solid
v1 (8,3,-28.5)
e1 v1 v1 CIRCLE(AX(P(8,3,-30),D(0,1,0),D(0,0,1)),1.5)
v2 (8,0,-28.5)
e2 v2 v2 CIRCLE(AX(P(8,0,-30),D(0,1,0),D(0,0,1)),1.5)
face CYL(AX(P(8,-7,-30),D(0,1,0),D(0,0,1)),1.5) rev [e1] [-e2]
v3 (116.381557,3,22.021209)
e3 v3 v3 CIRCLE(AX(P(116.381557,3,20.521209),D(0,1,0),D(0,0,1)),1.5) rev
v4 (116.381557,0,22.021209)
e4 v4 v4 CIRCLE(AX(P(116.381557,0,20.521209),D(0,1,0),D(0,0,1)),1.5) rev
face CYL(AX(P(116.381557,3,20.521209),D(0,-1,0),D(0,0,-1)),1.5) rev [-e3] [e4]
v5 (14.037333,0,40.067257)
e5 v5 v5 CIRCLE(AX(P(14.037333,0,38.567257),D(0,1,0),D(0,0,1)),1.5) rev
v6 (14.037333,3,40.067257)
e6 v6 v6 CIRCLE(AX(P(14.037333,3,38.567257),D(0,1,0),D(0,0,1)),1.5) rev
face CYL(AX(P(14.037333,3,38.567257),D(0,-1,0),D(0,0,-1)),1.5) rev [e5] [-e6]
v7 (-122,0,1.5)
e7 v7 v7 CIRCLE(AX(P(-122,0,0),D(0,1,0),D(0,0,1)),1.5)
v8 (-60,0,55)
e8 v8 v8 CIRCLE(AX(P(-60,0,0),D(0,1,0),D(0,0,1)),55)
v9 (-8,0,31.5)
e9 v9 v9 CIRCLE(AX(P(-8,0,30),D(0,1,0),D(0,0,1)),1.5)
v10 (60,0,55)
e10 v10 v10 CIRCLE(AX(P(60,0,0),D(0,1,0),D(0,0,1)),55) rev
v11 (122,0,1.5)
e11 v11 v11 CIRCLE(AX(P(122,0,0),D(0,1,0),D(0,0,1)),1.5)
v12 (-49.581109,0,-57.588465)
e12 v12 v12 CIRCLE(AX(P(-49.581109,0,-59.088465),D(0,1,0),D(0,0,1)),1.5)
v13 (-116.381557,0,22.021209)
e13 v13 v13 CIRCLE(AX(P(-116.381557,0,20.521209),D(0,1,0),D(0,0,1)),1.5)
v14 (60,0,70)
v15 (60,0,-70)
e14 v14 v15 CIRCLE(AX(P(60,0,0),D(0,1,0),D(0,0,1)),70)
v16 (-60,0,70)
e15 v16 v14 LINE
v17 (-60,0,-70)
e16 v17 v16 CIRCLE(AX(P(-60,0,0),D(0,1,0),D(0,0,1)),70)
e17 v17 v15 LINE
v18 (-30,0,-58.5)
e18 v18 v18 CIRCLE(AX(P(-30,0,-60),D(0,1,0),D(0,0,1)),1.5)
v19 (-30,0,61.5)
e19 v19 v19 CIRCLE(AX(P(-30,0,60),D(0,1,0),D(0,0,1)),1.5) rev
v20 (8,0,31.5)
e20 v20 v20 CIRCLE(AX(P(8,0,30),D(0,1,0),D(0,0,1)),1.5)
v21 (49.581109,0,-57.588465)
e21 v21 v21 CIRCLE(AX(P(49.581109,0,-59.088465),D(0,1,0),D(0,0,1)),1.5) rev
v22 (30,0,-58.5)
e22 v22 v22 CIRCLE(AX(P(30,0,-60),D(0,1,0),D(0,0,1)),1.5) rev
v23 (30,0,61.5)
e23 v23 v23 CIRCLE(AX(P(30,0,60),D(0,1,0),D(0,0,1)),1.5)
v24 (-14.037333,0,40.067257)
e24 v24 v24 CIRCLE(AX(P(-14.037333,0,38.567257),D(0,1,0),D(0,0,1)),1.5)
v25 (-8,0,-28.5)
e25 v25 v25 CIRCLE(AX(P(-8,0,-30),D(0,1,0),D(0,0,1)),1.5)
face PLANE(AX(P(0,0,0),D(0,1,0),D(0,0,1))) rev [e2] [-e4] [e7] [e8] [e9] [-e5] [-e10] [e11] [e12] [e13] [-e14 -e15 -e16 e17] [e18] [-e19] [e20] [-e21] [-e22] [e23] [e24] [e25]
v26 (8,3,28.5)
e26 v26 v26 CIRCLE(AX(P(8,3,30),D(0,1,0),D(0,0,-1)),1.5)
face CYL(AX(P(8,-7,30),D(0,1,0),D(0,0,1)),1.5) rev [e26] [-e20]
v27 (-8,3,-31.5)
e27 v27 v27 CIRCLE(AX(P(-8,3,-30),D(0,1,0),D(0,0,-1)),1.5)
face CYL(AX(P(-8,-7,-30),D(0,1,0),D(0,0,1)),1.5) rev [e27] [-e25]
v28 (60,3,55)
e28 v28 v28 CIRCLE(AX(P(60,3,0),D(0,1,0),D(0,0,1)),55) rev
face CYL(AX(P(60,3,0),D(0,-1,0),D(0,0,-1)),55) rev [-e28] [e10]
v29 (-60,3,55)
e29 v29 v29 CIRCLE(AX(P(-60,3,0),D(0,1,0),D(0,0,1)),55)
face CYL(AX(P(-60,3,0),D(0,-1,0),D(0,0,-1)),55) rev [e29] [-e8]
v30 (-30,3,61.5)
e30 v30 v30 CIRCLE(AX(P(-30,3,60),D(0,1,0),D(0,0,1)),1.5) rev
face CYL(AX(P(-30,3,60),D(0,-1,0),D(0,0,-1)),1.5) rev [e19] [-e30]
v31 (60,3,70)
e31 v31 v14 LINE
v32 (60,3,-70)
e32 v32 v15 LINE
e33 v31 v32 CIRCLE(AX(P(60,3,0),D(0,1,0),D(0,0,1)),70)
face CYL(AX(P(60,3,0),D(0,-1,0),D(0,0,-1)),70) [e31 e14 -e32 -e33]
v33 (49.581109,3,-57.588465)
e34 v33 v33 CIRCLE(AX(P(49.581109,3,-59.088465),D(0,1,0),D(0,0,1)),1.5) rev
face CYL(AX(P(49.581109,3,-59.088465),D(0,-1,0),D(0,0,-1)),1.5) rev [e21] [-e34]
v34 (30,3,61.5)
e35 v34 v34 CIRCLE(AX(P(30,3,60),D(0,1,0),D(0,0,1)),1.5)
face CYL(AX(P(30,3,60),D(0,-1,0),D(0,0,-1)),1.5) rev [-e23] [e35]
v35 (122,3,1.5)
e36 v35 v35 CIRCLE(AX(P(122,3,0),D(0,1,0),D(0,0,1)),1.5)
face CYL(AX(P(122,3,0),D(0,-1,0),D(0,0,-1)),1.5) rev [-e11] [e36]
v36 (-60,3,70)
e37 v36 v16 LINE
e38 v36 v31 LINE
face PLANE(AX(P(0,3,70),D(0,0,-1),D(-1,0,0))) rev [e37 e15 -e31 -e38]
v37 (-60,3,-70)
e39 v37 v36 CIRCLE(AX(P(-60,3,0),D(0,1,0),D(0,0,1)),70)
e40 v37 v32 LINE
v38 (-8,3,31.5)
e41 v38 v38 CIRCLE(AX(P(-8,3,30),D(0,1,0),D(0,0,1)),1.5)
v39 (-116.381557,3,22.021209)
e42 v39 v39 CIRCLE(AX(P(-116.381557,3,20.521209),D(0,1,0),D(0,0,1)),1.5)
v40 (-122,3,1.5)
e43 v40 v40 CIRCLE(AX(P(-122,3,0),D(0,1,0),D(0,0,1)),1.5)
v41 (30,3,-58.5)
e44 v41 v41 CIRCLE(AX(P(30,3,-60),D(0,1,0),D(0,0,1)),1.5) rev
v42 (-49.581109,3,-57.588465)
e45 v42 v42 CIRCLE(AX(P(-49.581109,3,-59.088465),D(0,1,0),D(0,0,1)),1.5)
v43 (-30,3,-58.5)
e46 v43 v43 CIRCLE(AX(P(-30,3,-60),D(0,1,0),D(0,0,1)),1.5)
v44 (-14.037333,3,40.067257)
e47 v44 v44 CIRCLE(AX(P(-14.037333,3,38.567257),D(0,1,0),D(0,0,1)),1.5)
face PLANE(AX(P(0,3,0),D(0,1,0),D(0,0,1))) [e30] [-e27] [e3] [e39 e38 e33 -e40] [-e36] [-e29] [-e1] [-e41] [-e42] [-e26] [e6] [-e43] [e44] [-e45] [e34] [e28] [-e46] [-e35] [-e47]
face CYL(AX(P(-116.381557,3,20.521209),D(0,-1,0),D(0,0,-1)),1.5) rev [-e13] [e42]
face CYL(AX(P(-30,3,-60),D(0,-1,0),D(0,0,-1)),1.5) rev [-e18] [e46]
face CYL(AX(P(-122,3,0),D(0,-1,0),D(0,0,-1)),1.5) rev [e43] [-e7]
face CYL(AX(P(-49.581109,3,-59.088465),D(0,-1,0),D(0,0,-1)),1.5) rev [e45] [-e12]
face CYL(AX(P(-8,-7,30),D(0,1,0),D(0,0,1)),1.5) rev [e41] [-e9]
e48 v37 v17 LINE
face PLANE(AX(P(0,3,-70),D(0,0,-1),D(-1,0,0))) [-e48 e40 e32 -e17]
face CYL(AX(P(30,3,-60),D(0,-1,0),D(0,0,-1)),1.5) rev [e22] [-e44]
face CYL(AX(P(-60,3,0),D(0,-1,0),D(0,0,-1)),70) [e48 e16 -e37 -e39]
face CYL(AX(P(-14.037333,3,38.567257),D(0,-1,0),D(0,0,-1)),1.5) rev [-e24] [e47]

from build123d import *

# Parameters (mm, degrees)
SKETCH_1_R          = 55
SKETCH_1_R_2        = 1.5
EXTRUDE_2_DEPTH     = 3
SKETCH_2_R          = 1.5
CUT_EXTRUDE_1_DEPTH = 10


with BuildPart() as part:
    # 草图1 → 凸台-拉伸2 (new body)
    with BuildSketch(Plane(origin=(0, 0, 0), x_dir=(1, 0, 0), z_dir=(0, 1, 0))):
        with BuildLine():
            Line((-60, 70), (60, 70))
            ThreePointArc((60, 70), (130, 0), (60, -70))
            Line((60, -70), (-60, -70))
            ThreePointArc((-60, -70), (-130, 0), (-60, 70))
        make_face()
        with Locations((-60, 0)):
            Circle(SKETCH_1_R, mode=Mode.SUBTRACT)
        with Locations((60, 0)):
            Circle(SKETCH_1_R, mode=Mode.SUBTRACT)
        with Locations((-122, 0)):
            Circle(SKETCH_1_R_2, mode=Mode.SUBTRACT)
        with Locations((122, 0)):
            Circle(SKETCH_1_R_2, mode=Mode.SUBTRACT)
        with Locations((-30, 60)):
            Circle(SKETCH_1_R_2, mode=Mode.SUBTRACT)
        with Locations((30, 60)):
            Circle(SKETCH_1_R_2, mode=Mode.SUBTRACT)
        with Locations((30, -60)):
            Circle(SKETCH_1_R_2, mode=Mode.SUBTRACT)
        with Locations((-30, -60)):
            Circle(SKETCH_1_R_2, mode=Mode.SUBTRACT)
        with Locations((-49.58110934, 59.088465181)):
            Circle(SKETCH_1_R_2, mode=Mode.SUBTRACT)
        with Locations((-116.381557247, -20.5212086)):
            Circle(SKETCH_1_R_2, mode=Mode.SUBTRACT)
        with Locations((-14.037333413, -38.567256581)):
            Circle(SKETCH_1_R_2, mode=Mode.SUBTRACT)
        with Locations((14.037333413, -38.567256581)):
            Circle(SKETCH_1_R_2, mode=Mode.SUBTRACT)
        with Locations((116.381557247, -20.5212086)):
            Circle(SKETCH_1_R_2, mode=Mode.SUBTRACT)
        with Locations((49.58110934, 59.088465181)):
            Circle(SKETCH_1_R_2, mode=Mode.SUBTRACT)
    extrude(amount=EXTRUDE_2_DEPTH)

    # 草图2 → 切除-拉伸1 (cut)
    with BuildSketch(Plane(origin=(0, 3, 0), x_dir=(1, 0, 0), z_dir=(0, 1, 0))):
        with Locations((-8, -30)):
            Circle(SKETCH_2_R)
        with Locations((8, -30)):
            Circle(SKETCH_2_R)
        with Locations((8, 30)):
            Circle(SKETCH_2_R)
        with Locations((-8, 30)):
            Circle(SKETCH_2_R)
    extrude(amount=-CUT_EXTRUDE_1_DEPTH, mode=Mode.SUBTRACT)


solid = part.part
